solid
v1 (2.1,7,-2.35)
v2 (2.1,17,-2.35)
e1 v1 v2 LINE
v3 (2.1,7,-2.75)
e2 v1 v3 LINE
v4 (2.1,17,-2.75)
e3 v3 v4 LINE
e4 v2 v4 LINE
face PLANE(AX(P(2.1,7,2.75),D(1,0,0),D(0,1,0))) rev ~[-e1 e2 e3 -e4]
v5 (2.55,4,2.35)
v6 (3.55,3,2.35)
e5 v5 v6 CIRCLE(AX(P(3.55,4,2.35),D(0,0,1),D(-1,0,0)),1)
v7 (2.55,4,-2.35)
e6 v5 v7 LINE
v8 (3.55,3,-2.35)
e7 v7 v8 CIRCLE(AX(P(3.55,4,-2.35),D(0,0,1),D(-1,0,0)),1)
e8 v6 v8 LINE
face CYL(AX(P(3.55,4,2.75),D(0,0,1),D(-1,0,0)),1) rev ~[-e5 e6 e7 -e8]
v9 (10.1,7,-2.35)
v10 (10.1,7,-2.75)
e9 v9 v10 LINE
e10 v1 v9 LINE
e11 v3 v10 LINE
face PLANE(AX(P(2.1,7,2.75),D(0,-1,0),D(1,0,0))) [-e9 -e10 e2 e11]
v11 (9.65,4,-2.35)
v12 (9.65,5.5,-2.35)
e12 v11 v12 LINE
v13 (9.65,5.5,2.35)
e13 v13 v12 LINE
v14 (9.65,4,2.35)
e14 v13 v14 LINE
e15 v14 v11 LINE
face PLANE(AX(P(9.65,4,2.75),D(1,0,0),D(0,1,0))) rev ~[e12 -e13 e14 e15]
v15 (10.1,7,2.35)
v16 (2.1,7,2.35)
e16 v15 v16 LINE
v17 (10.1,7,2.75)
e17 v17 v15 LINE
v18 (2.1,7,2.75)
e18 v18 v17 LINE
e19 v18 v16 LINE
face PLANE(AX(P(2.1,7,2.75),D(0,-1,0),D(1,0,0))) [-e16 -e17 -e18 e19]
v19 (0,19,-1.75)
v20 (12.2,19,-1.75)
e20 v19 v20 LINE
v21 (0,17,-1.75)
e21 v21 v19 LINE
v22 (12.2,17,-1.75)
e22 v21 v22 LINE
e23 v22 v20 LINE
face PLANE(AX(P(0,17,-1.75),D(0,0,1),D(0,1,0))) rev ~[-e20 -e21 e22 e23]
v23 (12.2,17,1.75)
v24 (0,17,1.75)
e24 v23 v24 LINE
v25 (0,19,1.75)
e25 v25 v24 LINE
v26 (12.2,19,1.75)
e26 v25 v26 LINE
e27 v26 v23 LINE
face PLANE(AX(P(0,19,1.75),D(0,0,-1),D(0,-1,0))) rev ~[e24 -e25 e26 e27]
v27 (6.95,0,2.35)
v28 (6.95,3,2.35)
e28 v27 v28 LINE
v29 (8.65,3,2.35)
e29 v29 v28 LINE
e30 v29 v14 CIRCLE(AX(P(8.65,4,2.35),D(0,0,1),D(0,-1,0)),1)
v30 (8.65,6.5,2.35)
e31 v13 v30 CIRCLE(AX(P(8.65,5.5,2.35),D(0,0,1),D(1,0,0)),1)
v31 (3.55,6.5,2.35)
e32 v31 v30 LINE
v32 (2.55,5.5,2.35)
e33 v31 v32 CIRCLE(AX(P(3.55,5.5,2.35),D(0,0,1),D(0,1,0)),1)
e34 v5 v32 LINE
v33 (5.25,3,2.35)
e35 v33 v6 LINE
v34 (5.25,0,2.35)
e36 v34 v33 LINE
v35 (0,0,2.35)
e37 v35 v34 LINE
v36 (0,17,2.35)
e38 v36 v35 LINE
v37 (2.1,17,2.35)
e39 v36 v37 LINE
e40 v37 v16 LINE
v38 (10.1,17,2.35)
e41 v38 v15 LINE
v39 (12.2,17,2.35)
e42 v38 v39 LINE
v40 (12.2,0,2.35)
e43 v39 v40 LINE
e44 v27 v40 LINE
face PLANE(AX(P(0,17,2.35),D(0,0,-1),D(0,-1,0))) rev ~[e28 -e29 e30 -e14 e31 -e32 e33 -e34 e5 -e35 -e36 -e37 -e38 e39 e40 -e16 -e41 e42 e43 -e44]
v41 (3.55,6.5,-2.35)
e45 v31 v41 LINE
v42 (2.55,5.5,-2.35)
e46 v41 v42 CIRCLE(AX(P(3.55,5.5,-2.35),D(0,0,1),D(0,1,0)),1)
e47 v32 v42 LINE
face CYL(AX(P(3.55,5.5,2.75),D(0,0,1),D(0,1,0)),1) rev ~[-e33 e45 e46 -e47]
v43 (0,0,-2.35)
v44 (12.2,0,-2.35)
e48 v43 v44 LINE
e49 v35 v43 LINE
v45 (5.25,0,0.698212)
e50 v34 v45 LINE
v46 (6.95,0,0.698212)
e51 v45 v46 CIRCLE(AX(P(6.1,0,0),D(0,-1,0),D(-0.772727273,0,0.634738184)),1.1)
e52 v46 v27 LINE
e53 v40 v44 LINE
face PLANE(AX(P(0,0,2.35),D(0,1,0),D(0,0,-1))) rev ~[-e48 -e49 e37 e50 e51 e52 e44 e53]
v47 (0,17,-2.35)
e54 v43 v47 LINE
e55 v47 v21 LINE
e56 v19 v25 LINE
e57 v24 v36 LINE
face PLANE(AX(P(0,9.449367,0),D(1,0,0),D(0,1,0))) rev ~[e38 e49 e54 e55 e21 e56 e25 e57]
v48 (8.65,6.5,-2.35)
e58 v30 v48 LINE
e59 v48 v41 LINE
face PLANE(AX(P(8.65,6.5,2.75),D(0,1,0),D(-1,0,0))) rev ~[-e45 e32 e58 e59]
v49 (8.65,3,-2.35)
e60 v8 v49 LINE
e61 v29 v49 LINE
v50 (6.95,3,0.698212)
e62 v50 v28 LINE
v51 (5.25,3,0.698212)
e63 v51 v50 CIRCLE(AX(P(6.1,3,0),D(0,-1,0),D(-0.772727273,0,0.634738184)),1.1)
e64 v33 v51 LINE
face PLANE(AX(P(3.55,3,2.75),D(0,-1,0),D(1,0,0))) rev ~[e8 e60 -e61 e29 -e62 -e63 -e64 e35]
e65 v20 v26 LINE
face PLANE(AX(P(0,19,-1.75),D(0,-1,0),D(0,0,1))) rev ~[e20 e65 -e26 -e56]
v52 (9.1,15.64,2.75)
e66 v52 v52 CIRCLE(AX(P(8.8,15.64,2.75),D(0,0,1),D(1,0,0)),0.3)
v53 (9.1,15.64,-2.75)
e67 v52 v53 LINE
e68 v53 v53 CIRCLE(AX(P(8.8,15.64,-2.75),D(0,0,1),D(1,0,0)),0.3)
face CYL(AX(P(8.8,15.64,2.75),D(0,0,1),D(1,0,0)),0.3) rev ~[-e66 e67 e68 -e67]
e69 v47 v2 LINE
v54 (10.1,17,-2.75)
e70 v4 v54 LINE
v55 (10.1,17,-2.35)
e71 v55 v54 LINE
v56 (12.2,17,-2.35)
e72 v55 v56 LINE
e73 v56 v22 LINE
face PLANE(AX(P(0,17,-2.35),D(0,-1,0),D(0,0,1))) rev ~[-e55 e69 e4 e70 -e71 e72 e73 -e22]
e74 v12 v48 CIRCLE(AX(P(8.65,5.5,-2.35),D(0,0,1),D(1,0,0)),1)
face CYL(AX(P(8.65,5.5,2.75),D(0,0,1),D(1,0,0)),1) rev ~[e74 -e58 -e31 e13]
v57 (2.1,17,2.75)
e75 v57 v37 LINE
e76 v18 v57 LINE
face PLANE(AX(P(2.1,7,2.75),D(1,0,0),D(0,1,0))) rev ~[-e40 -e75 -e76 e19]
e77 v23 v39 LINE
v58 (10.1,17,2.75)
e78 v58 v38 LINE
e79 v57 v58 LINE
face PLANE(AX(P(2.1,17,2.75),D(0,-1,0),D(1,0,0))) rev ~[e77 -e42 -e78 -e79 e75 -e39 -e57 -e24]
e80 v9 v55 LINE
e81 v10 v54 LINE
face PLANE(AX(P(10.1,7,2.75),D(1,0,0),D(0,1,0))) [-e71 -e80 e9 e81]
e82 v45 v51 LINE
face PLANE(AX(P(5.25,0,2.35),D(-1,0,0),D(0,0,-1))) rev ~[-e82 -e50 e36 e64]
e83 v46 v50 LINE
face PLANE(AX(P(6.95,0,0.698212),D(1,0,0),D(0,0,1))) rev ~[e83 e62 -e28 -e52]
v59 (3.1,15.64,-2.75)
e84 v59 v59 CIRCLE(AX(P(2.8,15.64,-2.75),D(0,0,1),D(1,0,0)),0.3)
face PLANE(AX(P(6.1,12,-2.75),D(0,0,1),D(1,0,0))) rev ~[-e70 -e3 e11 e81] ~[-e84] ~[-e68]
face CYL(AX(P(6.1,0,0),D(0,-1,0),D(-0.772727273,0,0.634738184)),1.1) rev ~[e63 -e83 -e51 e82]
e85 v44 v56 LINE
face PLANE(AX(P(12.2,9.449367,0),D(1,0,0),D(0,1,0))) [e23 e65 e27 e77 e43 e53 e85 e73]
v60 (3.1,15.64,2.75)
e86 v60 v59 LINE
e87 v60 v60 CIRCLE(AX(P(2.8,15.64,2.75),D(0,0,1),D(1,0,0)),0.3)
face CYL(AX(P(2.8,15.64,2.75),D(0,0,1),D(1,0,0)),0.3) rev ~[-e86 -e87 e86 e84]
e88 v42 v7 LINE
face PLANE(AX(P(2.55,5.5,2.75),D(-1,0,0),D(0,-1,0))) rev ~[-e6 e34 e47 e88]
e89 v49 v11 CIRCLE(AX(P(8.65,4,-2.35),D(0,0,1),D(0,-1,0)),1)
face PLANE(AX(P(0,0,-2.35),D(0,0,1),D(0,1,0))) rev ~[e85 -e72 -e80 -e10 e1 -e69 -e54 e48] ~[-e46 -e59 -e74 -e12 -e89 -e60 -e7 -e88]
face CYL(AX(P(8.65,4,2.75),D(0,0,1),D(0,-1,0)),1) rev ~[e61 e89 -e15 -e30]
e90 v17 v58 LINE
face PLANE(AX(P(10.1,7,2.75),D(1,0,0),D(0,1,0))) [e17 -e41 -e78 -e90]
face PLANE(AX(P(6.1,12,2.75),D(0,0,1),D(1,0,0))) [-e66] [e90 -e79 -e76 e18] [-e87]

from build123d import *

# Parameters (mm, degrees)
F4_DEPTH  = 12.2
F6_W      = 8
F6_H      = 10
F7_DEPTH  = 5.5
F8_R      = 0.3
F9_DEPTH  = 5.501
F11_DEPTH = 3


with BuildPart() as f4:
    # F3 (on Right) → F4 (new body)
    with BuildSketch(Plane.YZ):
        Polygon((0, 2.35), (0, 0), (0, -2.35), (17, -2.35), (17, -1.75), (19, -1.75), (19, 0), (19, 1.75), (17, 1.75), (17, 2.35), align=None)
    extrude(amount=F4_DEPTH)

    # F6 (on offset) → F7 (join)
    with BuildSketch(Plane.XY.offset(2.75)):
        with Locations((6.1, 12)):
            Rectangle(F6_W, F6_H)
    extrude(amount=-F7_DEPTH)

    # F8 (on offset) → F9 (cut, through all)
    with BuildSketch(Plane.XY.offset(2.75)):
        with BuildLine():
            ThreePointArc((2.55, 4), (2.8428932188, 3.2928932188), (3.55, 3))
            Line((3.55, 3), (8.65, 3))
            ThreePointArc((8.65, 3), (9.3571067812, 3.2928932188), (9.65, 4))
            Line((9.65, 4), (9.65, 5.5))
            ThreePointArc((9.65, 5.5), (9.3571067812, 6.2071067812), (8.65, 6.5))
            Line((8.65, 6.5), (3.55, 6.5))
            ThreePointArc((3.55, 6.5), (2.8428932188, 6.2071067812), (2.55, 5.5))
            Line((2.55, 5.5), (2.55, 4))
        make_face()
        with Locations((2.8, 15.64)):
            Circle(F8_R)
        with Locations((8.8, 15.64)):
            Circle(F8_R)
    extrude(amount=-F9_DEPTH, mode=Mode.SUBTRACT)

    # F10 (on face) → F11 (cut, through all)
    with BuildSketch(Plane.XZ):
        with BuildLine():
            Line((6.95, 2.35), (5.25, 2.35))
            Line((5.25, 2.35), (5.25, 0.6982120022))
            ThreePointArc((5.25, 0.6982120022), (6.1, -1.1), (6.95, 0.6982120022))
            Line((6.95, 0.6982120022), (6.95, 2.35))
        make_face()
    extrude(amount=-F11_DEPTH, mode=Mode.SUBTRACT)


solid = f4.part
